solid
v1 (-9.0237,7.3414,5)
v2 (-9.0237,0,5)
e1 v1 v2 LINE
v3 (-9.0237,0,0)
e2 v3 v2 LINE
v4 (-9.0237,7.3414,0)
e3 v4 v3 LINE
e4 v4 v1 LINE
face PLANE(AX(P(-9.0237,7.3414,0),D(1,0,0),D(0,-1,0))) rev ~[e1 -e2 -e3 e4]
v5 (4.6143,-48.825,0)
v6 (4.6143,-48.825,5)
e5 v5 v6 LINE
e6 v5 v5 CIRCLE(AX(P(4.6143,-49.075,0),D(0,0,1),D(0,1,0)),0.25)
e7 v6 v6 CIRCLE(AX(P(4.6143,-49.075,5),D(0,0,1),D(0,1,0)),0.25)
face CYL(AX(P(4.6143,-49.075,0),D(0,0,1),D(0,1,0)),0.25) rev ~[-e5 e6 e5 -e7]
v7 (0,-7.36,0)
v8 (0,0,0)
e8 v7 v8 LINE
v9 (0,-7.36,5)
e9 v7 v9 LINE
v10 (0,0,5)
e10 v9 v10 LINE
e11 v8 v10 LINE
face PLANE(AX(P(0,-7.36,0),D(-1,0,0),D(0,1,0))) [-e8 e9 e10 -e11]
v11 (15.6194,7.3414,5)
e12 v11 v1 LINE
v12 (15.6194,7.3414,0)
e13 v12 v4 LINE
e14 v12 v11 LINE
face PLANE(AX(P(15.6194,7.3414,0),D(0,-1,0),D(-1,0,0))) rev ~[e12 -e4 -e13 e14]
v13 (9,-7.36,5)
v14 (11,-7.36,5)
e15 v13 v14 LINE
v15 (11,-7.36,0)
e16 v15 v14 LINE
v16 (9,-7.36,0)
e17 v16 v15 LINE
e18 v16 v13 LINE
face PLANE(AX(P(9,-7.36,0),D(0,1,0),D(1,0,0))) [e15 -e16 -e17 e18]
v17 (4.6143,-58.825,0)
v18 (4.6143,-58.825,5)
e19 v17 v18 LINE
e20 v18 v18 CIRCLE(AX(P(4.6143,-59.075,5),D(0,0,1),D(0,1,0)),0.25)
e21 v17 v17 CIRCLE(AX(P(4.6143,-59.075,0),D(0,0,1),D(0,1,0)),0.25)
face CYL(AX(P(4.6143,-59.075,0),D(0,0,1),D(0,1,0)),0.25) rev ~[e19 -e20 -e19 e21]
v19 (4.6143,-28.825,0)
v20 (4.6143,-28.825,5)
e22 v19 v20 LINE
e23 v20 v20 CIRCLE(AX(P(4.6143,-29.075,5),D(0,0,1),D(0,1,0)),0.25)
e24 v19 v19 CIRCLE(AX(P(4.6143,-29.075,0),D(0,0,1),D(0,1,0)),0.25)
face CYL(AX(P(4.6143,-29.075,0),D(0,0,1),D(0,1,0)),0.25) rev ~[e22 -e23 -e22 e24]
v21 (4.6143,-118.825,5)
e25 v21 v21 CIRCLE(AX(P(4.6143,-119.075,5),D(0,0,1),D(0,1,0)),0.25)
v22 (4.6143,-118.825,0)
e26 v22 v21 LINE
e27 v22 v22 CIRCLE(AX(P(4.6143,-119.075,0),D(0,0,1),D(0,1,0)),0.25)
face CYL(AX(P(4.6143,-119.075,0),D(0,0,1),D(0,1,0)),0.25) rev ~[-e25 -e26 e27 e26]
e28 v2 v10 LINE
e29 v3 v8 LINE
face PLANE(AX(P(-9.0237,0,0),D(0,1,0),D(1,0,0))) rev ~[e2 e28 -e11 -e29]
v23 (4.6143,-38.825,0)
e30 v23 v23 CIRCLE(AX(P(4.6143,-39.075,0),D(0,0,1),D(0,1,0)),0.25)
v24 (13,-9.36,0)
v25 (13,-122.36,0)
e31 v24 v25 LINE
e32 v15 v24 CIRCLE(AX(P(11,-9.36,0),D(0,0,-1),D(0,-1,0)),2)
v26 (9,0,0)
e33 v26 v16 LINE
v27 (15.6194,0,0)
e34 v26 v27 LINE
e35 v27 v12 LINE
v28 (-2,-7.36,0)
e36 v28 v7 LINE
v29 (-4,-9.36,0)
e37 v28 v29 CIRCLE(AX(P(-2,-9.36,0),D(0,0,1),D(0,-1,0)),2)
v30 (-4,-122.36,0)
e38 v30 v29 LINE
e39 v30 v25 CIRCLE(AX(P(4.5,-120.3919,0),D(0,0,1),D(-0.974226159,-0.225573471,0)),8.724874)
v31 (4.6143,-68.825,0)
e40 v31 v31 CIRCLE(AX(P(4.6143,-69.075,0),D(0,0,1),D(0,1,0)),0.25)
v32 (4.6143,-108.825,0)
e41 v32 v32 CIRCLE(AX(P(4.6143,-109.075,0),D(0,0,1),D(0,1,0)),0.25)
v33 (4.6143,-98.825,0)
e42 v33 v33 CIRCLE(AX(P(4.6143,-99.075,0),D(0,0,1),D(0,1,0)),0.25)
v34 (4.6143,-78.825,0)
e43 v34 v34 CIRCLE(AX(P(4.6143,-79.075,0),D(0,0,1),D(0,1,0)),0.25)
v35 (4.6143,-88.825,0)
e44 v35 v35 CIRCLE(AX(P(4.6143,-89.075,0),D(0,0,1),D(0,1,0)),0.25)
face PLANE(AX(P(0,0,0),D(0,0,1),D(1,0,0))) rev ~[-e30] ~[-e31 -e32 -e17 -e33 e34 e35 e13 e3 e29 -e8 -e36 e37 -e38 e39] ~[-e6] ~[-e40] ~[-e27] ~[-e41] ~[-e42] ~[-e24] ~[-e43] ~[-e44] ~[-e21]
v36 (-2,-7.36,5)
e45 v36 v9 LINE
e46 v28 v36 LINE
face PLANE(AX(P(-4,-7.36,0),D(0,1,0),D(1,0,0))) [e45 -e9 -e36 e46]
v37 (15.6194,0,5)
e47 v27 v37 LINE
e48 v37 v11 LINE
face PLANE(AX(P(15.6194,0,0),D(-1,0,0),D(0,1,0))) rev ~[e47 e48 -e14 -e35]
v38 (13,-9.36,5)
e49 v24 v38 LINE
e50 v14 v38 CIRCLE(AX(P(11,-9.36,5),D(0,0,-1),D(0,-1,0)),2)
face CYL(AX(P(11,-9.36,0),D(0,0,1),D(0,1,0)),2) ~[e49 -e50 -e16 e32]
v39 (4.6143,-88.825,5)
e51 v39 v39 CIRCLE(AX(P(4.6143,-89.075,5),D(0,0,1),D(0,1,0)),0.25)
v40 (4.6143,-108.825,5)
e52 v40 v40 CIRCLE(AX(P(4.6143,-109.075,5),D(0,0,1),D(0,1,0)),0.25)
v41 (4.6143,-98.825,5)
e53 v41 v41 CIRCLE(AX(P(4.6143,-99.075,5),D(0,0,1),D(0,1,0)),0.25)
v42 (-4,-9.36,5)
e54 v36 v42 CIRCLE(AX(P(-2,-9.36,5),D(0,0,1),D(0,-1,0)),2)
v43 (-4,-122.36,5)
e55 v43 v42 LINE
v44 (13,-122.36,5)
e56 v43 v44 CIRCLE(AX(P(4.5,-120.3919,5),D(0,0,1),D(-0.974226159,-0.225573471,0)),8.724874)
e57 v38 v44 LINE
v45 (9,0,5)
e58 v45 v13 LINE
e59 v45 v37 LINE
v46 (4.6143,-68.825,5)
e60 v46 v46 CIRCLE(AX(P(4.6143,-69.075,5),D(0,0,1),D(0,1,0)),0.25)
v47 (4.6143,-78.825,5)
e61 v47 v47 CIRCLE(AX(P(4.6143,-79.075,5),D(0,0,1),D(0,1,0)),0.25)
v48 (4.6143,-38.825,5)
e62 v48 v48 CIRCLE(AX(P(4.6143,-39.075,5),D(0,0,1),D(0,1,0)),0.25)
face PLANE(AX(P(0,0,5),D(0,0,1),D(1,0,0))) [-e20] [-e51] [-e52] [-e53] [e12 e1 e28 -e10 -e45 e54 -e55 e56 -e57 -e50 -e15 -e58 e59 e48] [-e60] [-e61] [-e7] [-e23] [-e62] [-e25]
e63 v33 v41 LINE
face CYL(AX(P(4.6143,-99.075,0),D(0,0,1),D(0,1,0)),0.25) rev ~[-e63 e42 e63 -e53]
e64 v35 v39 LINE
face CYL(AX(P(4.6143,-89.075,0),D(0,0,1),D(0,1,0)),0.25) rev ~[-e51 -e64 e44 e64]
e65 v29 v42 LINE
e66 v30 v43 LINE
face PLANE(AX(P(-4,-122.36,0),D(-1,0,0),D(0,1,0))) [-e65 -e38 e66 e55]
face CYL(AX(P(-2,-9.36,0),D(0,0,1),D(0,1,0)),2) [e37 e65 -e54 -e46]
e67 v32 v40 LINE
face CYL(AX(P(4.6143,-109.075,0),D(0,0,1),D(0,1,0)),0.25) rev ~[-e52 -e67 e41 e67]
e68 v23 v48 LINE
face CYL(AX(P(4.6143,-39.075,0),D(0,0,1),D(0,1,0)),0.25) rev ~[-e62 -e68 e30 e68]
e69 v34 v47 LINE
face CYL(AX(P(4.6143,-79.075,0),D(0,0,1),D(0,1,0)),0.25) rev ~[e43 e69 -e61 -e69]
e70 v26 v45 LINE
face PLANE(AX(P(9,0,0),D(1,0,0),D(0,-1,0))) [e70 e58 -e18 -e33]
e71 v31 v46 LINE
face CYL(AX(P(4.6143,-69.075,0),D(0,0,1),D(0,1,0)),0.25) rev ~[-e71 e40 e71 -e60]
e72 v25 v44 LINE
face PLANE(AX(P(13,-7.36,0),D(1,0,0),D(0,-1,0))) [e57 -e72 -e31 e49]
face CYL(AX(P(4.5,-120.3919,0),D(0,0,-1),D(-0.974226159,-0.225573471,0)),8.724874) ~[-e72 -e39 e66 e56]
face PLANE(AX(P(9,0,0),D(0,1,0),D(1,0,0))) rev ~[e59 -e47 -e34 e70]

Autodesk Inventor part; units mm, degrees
ref_plane "YZ Plane" through (0, 0, 0) normal (1, 0, 0) x (0, 1, 0)
ref_plane "XZ Plane" through (0, 0, 0) normal (0, 1, 0) x (-1, 0, 0)
ref_plane "XY Plane" through (0, 0, 0) normal (0, 0, 1) x (1, 0, 0)
sketch "Esquisse4" plane through (0, 0, 0) normal (0, 0, 1) x (1, 0, 0)
  line L0 (0, 0) -> (9, 0)
  line L1 (9, 0) -> (9, -7.36)
  line L2 (9, -7.36) -> (13, -7.36)
  line L3 (13, -7.36) -> (13, -122.36)
  line L4 (13, -122.36) -> (-4, -122.36)
  line L5 (-4, -122.36) -> (-4, -7.36)
  line L6 (-4, -7.36) -> (0, -7.36)
  line L7 (0, -7.36) -> (0, 0)
  arc A0 (-4, -122.36) -> (13, -122.36) centre (4.5, -120.3919) ccw
  line L8 (-9.0237, 0) -> (15.6194, 0)
  line L9 (15.6194, 0) -> (15.6194, 7.3414)
  line L10 (15.6194, 7.3414) -> (-9.0237, 7.3414)
  line L11 (-9.0237, 7.3414) -> (-9.0237, 0)
  dimension "d8" = 4
  dimension "d9" = 4
  dimension "d10" = 9
  dimension "d11" = 115
  dimension "d12" = 24.6431
extrude "Extrusion1" add sketch "Esquisse4" along normal blind 5
fillet "Congé1" radius 2 2 edges at (13, -7.36, 2.5) (-4, -7.36, 2.5)
hole "Perçage1" at (4.6143, -119.075, 0) direction (0, 0, 1) diameter 0.5 end through all
pattern_linear "Réseau rectangulaire1" count 10 spacing 10 along (0, 1, 0) of "Perçage1"
sketch "Esquisse5" plane through (0, 0, 0) normal (0, 0, -1) x (-1, 0, 0)
  point P0 (0, 0)
properties part number "bracelet" material "Caoutchouc"
